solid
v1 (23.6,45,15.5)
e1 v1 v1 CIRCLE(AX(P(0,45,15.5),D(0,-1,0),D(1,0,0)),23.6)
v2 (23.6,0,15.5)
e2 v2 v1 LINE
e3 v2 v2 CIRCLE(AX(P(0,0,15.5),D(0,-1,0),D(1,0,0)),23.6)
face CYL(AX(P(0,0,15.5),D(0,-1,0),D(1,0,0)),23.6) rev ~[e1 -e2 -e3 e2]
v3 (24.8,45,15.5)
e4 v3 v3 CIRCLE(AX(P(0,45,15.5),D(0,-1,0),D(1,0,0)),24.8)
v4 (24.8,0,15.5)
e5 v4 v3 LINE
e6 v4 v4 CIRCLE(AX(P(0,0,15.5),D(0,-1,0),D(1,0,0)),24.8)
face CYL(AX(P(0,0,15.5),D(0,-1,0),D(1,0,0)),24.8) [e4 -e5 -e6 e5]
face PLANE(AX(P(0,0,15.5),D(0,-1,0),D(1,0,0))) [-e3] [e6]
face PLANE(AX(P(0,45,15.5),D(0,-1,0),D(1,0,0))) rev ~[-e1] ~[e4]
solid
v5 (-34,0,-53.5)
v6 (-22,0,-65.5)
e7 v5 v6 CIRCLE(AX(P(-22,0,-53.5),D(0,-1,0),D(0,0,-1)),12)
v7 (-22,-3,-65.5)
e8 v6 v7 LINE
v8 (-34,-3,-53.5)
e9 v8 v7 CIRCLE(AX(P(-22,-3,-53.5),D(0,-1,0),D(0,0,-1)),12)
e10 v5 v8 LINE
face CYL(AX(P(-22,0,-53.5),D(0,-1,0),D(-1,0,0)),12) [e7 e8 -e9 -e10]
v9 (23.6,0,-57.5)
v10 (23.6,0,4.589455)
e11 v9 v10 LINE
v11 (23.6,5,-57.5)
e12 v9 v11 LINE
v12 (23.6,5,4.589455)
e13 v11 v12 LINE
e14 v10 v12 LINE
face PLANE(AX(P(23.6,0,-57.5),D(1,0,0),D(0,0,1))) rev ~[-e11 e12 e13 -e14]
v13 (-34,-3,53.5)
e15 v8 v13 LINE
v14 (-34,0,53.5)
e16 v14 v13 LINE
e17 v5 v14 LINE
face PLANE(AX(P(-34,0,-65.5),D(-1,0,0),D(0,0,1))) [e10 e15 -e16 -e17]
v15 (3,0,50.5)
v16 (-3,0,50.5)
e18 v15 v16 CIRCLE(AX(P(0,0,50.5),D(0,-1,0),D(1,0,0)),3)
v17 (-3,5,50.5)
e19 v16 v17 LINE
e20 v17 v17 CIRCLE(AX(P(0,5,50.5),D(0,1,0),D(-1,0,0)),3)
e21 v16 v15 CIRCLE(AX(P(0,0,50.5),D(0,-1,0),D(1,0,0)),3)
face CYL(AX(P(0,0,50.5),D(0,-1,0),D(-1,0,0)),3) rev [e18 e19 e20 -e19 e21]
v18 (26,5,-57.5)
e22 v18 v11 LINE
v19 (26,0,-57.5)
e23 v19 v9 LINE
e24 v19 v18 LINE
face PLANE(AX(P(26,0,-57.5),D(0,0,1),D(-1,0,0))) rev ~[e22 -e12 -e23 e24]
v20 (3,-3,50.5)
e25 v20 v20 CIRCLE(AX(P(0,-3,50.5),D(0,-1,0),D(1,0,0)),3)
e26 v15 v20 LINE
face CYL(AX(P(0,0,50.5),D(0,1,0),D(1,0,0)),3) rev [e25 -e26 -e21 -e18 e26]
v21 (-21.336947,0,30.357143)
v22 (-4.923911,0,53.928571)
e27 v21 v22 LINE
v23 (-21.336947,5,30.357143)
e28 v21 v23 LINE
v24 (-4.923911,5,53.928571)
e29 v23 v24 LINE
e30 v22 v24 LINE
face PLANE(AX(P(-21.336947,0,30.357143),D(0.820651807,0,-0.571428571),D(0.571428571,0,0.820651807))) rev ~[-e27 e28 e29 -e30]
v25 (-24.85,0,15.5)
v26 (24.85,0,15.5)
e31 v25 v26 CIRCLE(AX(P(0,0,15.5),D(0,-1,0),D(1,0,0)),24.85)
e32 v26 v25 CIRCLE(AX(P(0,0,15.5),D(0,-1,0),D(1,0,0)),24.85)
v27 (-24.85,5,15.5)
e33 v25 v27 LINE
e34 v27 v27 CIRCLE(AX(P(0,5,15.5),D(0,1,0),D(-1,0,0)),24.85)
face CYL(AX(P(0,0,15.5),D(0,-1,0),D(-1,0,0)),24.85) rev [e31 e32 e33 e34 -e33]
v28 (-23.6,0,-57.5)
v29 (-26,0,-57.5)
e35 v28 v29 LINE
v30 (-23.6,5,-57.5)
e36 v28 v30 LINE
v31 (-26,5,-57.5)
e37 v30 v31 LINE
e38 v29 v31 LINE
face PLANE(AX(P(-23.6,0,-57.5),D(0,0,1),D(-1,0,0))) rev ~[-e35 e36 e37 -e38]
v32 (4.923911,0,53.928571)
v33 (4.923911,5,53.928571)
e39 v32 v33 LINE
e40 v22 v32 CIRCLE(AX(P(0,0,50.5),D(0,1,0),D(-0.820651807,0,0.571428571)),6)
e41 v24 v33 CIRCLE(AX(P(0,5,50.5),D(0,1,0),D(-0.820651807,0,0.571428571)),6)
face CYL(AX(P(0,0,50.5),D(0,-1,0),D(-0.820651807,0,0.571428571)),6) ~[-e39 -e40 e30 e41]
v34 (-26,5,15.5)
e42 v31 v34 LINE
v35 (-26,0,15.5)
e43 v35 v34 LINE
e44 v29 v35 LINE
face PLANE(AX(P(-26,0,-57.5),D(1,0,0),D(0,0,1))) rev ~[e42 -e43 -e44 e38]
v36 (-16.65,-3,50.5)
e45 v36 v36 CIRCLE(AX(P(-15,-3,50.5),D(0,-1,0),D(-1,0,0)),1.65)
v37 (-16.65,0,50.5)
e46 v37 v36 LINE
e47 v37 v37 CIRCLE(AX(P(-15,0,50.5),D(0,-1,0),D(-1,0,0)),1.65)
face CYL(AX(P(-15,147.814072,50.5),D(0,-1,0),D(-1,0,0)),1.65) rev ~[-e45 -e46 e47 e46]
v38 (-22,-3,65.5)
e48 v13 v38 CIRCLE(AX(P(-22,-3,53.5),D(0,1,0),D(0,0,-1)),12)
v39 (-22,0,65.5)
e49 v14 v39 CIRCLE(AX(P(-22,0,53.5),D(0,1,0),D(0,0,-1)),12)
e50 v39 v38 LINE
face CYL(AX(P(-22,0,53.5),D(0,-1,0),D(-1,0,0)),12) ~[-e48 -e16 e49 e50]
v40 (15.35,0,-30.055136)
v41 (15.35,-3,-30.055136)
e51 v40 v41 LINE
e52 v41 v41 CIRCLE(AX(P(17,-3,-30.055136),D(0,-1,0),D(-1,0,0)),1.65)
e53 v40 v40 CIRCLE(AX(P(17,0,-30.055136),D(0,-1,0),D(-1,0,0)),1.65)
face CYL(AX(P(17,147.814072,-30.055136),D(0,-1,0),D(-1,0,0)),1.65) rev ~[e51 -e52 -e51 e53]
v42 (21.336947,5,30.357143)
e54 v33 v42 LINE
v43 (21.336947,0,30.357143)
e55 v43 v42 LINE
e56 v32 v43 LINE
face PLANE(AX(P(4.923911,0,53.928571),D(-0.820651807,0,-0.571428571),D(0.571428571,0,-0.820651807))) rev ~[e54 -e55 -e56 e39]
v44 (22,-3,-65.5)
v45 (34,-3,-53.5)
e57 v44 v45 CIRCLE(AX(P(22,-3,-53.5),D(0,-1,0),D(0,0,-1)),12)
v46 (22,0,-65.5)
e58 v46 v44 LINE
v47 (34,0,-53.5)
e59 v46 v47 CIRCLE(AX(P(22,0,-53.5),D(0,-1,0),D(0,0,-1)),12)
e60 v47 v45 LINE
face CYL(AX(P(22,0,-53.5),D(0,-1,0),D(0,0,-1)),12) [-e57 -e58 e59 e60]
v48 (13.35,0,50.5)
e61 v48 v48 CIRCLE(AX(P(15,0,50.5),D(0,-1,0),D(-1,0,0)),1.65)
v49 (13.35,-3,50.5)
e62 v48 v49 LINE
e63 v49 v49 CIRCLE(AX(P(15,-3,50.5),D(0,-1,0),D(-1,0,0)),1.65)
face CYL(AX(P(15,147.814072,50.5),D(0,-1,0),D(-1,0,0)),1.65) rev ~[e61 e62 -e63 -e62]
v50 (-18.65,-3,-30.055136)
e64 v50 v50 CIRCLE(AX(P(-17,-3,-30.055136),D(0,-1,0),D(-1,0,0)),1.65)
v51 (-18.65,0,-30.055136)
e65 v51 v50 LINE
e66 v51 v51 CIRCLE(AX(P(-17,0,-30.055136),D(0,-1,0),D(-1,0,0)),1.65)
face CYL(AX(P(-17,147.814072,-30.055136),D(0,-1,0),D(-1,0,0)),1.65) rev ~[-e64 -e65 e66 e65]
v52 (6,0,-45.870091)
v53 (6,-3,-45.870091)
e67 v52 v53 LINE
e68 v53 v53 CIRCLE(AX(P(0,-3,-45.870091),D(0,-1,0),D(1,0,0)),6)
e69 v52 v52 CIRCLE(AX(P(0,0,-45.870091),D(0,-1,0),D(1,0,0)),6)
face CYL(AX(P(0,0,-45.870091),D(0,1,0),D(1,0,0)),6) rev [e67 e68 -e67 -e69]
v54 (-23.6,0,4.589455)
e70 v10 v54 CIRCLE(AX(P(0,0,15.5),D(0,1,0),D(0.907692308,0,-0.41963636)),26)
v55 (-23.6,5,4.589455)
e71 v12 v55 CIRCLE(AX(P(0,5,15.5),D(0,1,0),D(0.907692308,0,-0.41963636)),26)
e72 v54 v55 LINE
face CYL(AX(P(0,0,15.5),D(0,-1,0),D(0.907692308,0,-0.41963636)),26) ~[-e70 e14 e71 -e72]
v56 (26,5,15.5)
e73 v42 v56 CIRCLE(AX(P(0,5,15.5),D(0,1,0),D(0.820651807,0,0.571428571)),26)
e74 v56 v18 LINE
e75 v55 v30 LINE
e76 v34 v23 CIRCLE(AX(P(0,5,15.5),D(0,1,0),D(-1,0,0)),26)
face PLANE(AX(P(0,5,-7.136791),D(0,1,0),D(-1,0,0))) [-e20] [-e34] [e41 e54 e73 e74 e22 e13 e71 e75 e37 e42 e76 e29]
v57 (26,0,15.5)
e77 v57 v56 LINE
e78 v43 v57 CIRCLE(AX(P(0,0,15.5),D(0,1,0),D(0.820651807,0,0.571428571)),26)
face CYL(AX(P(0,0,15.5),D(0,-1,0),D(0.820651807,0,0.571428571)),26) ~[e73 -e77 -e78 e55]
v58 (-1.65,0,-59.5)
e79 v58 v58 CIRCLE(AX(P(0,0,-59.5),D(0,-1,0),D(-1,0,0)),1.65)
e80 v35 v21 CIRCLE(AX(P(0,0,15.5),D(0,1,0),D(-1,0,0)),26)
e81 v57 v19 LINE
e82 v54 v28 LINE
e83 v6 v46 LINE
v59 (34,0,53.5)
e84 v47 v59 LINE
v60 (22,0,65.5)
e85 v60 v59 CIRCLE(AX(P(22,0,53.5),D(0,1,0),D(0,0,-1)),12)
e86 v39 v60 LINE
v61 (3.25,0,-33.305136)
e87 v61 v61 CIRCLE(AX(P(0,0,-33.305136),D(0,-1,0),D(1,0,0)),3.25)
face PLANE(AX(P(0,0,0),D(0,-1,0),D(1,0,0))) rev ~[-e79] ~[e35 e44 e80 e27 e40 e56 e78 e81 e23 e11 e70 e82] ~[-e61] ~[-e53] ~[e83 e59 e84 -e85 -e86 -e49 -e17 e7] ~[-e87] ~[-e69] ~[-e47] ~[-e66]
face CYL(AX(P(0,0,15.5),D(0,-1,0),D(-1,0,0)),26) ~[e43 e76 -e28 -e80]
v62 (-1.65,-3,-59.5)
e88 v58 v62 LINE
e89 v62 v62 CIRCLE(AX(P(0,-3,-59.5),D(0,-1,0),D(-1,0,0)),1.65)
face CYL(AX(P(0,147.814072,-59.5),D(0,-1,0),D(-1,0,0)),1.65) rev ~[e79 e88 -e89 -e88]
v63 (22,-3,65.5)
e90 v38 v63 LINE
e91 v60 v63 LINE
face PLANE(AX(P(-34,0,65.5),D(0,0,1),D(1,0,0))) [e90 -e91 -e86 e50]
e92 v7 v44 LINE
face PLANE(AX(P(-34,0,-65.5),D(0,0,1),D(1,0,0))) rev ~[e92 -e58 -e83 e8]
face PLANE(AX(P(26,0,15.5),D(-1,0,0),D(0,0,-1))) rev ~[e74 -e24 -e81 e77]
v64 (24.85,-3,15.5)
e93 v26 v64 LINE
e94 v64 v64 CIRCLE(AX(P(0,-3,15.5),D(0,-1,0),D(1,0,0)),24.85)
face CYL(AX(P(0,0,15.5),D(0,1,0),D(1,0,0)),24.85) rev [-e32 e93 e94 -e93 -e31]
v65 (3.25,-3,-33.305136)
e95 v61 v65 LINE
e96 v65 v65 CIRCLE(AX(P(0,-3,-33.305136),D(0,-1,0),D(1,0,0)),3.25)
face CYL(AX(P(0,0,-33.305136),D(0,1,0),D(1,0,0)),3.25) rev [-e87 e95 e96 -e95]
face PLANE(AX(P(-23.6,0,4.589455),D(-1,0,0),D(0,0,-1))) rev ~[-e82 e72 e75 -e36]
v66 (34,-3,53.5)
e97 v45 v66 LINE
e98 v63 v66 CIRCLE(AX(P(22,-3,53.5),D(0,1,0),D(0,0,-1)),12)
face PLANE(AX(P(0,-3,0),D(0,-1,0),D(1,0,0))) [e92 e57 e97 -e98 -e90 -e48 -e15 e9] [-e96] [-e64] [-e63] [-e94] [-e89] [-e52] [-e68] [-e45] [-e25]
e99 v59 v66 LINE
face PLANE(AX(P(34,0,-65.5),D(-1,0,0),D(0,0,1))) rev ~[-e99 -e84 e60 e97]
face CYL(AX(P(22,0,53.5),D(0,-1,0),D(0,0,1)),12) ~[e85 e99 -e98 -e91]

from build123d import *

# Parameters (mm, degrees)
F0_W     = 68
F0_H     = 131
F0_R     = 6
F0_R_2   = 3.25
F0_R_3   = 24.85
F0_R_4   = 3
F1_DEPTH = 3
F2_R     = 24.85
F2_R_2   = 3
F3_DEPTH = 5
F4_D     = 3.3
F5_R     = 12
F6_R     = 24.8
F6_R_2   = 23.6
F7_DEPTH = 45


with BuildPart() as f1:
    # F0 (on Front) → F1 (new body)
    with BuildSketch(Plane.XZ):
        Rectangle(F0_W, F0_H)
        with Locations((0, -45.8700908476)):
            Circle(F0_R, mode=Mode.SUBTRACT)
        with Locations((0, -33.3051362713)):
            Circle(F0_R_2, mode=Mode.SUBTRACT)
        with Locations((0, 15.5)):
            Circle(F0_R_3, mode=Mode.SUBTRACT)
        with Locations((0, 50.5)):
            Circle(F0_R_4, mode=Mode.SUBTRACT)
    extrude(amount=F1_DEPTH)

    # F2 (on face) → F3 (join)
    with BuildSketch(Plane(origin=(0, 0, 0), x_dir=(-1, 0, 0), z_dir=(0, 1, 0))):
        with BuildLine():
            Line((-23.6, -57.5), (-23.6, 4.5894546424))
            ThreePointArc((-23.6, 4.5894546424), (0, -10.5), (23.6, 4.5894546424))
            Line((23.6, 4.5894546424), (23.6, -57.5))
            Line((23.6, -57.5), (26, -57.5))
            Line((26, -57.5), (26, 15.5))
            ThreePointArc((26, 15.5), (24.8068601529, 23.2858647145), (21.3369469729, 30.3571428571))
            Line((21.3369469729, 30.3571428571), (4.9239108399, 53.9285714286))
            ThreePointArc((4.9239108399, 53.9285714286), (0, 56.5), (-4.9239108399, 53.9285714286))
            Line((-4.9239108399, 53.9285714286), (-21.3369469729, 30.3571428571))
            ThreePointArc((-21.3369469729, 30.3571428571), (-24.8068601529, 23.2858647145), (-26, 15.5))
            Line((-26, 15.5), (-26, -57.5))
            Line((-26, -57.5), (-23.6, -57.5))
        make_face()
        with Locations((0, 15.5)):
            Circle(F2_R, mode=Mode.SUBTRACT)
        with Locations((0, 50.5)):
            Circle(F2_R_2, mode=Mode.SUBTRACT)
    extrude(amount=F3_DEPTH)

    # F4 (through all)
    with Locations(Plane(origin=(0, 0, 0), x_dir=(1, 0, 0), z_dir=(0, 1, 0))):
        with Locations((-15, -50.5), (15, -50.5), (-17, 30.0551362713), (17, 30.0551362713), (0, 59.5)):
            Hole(F4_D / 2)

    # F5
    f5_edges = [f1.edges().sort_by_distance(p)[0] for p in [
        (-34, -1.5, 65.5),
        (34, -1.5, 65.5),
        (-34, -1.5, -65.5),
        (34, -1.5, -65.5),
    ]]
    fillet(f5_edges, radius=F5_R)


with BuildPart() as f7:
    # F6 (on Front) → F7 (new body)
    with BuildSketch(Plane.XZ):
        with Locations((0, 15.5)):
            Circle(F6_R)
        with Locations((0, 15.5)):
            Circle(F6_R_2, mode=Mode.SUBTRACT)
    extrude(amount=-F7_DEPTH)


solid = Compound([f1.part, f7.part])
